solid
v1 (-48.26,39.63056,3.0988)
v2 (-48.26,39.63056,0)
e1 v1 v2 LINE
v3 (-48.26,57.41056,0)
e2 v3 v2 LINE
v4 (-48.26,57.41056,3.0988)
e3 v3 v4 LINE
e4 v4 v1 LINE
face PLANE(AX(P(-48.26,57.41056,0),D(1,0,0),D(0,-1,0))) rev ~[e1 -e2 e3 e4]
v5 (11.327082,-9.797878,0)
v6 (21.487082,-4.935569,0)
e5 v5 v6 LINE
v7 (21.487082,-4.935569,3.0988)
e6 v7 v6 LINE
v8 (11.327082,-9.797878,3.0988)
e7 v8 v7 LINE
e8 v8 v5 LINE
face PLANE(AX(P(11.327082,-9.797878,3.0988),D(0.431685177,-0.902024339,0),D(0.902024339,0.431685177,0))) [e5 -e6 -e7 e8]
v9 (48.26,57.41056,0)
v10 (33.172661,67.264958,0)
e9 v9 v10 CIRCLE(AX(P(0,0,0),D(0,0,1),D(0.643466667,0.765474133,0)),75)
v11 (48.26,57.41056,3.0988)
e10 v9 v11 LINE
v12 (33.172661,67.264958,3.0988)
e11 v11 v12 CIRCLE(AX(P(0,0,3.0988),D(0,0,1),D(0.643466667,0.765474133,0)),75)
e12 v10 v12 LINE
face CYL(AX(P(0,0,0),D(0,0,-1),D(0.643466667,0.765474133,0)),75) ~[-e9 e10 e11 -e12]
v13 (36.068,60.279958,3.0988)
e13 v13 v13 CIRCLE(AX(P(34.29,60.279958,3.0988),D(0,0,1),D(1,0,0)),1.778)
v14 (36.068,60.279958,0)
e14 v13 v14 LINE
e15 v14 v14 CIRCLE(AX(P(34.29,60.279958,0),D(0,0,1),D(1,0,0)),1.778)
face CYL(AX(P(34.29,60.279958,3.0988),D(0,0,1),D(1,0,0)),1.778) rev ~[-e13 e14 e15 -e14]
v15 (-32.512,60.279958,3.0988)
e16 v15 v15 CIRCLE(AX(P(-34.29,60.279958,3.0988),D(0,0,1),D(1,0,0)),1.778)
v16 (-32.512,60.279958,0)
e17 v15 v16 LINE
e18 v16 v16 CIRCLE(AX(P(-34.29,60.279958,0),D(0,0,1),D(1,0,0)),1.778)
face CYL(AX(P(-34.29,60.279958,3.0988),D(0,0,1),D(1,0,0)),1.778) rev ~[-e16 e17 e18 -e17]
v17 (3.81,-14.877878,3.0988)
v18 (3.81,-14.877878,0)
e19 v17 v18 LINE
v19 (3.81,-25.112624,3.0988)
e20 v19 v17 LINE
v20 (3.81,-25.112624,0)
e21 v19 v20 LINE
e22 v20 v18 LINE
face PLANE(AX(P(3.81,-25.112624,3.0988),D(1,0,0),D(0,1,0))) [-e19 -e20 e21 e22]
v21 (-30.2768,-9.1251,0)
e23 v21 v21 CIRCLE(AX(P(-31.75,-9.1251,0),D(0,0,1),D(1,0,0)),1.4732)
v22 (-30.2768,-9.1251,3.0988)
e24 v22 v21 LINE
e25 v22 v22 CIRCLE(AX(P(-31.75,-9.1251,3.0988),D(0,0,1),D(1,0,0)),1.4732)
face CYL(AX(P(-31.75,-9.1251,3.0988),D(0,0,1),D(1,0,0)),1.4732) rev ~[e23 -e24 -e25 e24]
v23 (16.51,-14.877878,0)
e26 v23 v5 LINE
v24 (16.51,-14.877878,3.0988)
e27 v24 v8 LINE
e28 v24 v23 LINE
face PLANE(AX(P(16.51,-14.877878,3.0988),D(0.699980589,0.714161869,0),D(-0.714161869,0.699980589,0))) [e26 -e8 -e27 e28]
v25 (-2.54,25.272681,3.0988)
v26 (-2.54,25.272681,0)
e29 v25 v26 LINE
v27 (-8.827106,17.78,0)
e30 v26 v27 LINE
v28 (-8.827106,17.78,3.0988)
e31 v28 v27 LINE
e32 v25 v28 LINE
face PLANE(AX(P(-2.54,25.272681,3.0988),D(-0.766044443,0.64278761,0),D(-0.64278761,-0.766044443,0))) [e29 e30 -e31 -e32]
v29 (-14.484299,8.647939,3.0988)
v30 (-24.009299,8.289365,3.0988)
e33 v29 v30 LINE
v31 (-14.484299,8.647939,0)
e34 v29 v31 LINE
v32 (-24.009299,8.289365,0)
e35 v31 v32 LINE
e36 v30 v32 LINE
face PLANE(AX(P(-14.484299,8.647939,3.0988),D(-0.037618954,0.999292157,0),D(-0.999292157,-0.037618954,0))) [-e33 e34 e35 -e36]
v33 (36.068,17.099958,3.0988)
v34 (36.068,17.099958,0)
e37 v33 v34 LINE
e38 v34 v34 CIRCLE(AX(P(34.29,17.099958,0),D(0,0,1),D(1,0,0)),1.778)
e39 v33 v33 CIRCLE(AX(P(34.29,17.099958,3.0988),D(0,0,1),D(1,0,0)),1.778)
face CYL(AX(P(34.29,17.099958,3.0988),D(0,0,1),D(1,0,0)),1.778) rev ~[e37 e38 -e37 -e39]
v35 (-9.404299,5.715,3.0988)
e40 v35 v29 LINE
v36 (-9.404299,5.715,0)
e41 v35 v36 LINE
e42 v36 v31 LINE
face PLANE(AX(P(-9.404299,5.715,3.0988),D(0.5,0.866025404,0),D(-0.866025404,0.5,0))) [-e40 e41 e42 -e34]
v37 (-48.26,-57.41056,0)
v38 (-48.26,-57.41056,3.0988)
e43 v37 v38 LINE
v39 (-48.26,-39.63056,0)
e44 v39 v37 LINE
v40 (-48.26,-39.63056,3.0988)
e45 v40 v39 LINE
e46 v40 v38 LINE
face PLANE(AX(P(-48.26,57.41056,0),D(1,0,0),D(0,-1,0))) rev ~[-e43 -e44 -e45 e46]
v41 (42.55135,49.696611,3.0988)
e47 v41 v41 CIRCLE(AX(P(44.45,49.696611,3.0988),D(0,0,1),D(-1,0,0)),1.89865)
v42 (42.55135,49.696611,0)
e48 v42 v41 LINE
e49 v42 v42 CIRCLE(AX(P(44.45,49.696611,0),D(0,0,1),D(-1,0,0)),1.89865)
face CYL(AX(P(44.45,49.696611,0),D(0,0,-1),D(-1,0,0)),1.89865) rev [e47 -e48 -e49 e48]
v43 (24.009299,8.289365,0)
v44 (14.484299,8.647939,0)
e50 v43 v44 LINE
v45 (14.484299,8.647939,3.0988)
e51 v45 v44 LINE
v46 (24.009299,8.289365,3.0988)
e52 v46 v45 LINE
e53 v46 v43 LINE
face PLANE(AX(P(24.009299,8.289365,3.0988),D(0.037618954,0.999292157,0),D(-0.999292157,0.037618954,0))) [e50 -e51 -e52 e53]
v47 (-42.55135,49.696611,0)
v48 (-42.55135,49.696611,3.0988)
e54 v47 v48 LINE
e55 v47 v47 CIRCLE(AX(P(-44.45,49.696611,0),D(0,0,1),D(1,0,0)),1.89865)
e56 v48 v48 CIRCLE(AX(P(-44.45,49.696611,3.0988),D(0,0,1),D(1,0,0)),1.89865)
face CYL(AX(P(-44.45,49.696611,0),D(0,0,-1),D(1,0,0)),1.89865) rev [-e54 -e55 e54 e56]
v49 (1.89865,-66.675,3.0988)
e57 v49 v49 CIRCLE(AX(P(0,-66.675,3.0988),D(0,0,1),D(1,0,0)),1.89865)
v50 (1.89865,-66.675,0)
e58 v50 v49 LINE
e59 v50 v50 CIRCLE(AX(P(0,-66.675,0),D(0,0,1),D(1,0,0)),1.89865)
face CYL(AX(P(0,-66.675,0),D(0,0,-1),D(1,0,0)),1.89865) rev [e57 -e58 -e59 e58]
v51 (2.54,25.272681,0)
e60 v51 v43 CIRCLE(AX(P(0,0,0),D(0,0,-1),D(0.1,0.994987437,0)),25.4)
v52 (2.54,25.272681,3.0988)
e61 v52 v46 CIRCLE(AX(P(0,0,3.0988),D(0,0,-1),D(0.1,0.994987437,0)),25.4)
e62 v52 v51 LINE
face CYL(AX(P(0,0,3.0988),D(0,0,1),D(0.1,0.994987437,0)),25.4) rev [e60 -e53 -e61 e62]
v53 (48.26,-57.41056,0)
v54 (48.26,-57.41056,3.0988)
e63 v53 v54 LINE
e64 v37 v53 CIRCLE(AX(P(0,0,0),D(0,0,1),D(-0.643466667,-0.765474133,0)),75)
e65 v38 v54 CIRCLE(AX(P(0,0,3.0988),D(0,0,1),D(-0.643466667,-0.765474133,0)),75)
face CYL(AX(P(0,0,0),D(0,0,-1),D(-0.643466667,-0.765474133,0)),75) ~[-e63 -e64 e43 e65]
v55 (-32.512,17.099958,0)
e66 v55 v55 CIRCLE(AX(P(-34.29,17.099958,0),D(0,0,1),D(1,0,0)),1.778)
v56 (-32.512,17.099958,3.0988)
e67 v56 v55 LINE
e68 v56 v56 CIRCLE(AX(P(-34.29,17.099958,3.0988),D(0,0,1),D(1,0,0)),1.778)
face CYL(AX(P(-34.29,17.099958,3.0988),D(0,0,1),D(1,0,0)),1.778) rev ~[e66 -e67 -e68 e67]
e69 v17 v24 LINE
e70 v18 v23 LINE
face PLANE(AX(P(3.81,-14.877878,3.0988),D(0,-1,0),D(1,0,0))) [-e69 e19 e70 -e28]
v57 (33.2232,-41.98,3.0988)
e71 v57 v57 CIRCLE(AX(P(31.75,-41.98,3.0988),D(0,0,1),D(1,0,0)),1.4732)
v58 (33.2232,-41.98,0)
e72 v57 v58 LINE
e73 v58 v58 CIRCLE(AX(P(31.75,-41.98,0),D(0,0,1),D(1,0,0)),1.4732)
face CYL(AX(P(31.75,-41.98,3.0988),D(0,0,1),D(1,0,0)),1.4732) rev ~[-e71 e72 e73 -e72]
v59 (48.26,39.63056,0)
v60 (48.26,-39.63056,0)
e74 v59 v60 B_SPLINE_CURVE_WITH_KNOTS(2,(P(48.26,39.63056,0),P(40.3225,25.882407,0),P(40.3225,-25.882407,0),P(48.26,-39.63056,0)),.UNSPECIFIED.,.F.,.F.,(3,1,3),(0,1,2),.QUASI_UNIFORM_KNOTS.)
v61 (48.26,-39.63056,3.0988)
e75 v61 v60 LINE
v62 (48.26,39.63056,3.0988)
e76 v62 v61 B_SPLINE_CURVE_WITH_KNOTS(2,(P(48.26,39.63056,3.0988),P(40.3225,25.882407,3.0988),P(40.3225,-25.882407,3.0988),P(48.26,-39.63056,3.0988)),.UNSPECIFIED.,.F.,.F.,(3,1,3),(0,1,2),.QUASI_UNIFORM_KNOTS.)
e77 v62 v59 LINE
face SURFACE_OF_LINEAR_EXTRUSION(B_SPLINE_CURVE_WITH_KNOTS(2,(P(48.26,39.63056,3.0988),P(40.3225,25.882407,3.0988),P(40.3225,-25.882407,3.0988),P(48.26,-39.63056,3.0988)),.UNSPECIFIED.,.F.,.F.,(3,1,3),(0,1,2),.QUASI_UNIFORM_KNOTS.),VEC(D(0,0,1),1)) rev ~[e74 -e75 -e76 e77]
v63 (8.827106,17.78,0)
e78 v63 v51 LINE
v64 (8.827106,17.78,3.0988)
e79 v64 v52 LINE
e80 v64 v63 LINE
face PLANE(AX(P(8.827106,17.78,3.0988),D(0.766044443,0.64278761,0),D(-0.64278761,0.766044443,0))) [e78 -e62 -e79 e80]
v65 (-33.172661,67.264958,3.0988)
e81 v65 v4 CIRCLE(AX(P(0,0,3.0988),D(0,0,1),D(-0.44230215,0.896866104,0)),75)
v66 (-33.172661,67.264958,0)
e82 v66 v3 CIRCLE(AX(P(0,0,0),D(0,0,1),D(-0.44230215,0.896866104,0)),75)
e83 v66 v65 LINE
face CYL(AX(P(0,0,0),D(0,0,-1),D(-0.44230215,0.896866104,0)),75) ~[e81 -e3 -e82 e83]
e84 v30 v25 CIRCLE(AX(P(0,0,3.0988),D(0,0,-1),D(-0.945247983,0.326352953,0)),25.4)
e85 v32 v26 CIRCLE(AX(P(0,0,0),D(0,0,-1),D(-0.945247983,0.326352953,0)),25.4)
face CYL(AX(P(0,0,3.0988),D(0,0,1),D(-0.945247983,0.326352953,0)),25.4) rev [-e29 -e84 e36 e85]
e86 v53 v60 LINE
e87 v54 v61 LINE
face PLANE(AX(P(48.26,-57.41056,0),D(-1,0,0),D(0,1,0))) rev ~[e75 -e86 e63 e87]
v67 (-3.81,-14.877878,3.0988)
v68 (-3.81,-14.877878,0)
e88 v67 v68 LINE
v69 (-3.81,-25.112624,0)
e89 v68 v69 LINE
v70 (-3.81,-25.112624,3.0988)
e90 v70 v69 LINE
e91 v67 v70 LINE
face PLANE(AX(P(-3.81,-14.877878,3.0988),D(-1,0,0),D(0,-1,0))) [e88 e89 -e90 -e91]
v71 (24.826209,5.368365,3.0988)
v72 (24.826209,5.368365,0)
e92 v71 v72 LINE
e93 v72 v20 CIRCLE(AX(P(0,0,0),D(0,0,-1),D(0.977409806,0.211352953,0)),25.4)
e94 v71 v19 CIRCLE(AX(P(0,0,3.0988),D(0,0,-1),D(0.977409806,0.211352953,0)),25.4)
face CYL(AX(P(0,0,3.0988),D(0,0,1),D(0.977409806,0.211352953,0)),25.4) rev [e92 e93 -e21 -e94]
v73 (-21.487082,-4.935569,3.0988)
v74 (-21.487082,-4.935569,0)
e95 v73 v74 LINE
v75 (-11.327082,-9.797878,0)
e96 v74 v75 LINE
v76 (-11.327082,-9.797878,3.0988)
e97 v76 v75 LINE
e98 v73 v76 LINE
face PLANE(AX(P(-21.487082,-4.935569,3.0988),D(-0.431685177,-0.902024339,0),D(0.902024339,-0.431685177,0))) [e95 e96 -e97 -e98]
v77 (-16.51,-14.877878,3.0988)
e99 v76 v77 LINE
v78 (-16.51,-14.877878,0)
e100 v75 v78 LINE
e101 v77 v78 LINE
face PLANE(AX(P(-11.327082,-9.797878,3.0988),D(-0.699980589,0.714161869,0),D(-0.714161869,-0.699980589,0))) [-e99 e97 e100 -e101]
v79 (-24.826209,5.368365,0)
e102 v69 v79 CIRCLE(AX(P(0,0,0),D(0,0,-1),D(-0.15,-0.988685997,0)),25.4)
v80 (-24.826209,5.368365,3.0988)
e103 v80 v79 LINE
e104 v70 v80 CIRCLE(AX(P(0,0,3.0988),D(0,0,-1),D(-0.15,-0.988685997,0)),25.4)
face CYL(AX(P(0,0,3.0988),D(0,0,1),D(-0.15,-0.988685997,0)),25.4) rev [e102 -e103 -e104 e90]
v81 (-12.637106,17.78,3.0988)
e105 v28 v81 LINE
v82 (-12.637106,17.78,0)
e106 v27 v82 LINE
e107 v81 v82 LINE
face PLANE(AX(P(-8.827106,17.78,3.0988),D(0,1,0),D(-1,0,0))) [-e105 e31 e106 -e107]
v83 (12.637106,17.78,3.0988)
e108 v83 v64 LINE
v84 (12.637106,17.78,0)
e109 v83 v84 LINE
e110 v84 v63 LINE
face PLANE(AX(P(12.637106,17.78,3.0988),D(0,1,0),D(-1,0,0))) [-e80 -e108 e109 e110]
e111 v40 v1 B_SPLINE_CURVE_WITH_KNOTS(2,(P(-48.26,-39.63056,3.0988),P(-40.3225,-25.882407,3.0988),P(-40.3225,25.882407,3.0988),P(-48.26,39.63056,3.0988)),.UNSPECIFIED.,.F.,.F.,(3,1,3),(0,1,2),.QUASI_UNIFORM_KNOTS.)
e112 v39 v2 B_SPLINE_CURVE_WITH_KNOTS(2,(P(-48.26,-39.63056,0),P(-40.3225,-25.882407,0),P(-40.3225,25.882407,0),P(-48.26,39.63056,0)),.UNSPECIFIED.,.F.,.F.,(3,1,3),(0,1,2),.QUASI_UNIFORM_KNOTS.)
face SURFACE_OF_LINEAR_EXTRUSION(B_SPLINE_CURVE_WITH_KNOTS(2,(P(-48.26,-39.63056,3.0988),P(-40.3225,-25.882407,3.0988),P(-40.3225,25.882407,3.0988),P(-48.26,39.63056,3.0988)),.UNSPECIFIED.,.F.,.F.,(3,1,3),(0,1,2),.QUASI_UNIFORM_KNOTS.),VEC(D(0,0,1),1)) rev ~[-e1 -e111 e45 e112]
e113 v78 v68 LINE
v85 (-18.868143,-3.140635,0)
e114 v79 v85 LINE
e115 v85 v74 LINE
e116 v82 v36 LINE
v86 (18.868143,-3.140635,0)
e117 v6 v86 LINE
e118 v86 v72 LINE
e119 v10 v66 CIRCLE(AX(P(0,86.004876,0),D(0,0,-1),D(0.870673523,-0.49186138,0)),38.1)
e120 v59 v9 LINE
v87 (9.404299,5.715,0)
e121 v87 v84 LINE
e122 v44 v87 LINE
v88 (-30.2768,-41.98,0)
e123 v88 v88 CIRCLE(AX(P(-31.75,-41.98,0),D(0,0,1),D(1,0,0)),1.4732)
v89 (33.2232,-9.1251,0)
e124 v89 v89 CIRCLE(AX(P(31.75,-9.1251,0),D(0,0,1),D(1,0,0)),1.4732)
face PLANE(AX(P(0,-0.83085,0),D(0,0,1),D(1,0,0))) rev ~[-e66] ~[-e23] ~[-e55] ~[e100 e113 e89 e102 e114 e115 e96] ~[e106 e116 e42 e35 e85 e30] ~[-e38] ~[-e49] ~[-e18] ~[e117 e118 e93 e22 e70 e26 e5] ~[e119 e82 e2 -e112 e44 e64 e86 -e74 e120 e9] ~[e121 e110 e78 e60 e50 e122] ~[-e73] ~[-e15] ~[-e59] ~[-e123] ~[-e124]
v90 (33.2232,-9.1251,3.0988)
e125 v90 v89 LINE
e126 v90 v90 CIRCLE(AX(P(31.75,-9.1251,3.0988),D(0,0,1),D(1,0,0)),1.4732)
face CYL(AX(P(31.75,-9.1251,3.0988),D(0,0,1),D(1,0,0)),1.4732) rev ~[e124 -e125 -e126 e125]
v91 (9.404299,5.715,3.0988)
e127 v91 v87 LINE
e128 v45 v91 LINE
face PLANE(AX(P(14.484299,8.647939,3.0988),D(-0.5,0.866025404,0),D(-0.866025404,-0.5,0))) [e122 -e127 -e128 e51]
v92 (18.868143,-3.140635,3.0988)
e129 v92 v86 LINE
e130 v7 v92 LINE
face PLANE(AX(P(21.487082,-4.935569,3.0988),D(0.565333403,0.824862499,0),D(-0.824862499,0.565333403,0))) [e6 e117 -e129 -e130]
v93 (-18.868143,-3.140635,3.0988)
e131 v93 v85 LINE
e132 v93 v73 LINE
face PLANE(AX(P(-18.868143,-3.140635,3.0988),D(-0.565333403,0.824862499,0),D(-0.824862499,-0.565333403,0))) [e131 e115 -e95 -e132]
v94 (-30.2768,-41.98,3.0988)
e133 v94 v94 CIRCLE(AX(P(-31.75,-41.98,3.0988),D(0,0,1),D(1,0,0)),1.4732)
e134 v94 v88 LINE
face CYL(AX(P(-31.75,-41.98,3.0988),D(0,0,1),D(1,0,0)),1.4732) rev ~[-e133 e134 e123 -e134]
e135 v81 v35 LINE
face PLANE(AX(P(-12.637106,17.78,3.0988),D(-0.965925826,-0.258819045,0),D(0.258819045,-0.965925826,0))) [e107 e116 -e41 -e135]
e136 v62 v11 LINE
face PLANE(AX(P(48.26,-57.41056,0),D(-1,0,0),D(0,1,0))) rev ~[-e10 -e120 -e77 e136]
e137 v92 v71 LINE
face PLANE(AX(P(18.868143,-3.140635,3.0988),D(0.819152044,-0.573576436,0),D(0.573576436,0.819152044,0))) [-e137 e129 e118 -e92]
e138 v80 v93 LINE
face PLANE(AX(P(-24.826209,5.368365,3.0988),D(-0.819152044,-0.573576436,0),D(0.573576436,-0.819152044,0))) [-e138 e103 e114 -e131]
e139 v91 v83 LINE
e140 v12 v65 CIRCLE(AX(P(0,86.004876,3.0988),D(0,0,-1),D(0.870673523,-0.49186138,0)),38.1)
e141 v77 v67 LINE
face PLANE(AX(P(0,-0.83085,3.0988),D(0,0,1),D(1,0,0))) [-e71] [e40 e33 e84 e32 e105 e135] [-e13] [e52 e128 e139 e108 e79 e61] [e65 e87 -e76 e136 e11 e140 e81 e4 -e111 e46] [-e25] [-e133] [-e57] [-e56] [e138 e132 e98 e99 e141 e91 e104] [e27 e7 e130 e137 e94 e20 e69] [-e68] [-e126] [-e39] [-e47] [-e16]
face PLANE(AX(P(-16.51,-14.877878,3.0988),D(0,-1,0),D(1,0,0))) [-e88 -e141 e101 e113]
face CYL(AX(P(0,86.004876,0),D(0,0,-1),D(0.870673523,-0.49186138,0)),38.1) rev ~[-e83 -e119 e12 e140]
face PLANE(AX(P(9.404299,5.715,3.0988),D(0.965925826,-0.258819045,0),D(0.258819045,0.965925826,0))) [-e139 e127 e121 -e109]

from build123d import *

# Parameters (mm, degrees)
SKETCH1_R           = 1.89865
BOSS_EXTRUDE3_DEPTH = 3.0988
SKETCH2_R           = 1.4732
CUT_EXTRUDE1_DEPTH  = 3.0988
CUT_EXTRUDE2_DEPTH  = 3.0988
SKETCH4_R           = 1.778
CUT_EXTRUDE3_DEPTH  = 3.0988
CUT_EXTRUDE4_DEPTH  = 3.0988


with BuildPart() as part:
    # Sketch1 → Boss-Extrude3 (new body)
    with BuildSketch(Plane.XY):
        with BuildLine():
            Line((-48.26, 57.410560004), (-48.26, -57.410560004))
            ThreePointArc((-48.26, -57.410560004), (0, -75), (48.26, -57.410560004))
            Line((48.26, -57.410560004), (48.26, 57.410560004))
            ThreePointArc((48.26, 57.410560004), (41.013374249, 62.792540423), (33.172661219, 67.264957799))
            ThreePointArc((33.172661219, 67.264957799), (0, 47.904876359), (-33.172661219, 67.264957799))
            ThreePointArc((-33.172661219, 67.264957799), (-41.013374249, 62.792540423), (-48.26, 57.410560004))
        make_face()
        with Locations((0, -66.675)):
            Circle(SKETCH1_R, mode=Mode.SUBTRACT)
        with Locations((-44.45, 49.6966108)):
            Circle(SKETCH1_R, mode=Mode.SUBTRACT)
        with Locations(Location((44.45, 49.6966108, 0), (0, 0, 180))):
            Circle(SKETCH1_R, mode=Mode.SUBTRACT)
    extrude(amount=BOSS_EXTRUDE3_DEPTH)

    # Sketch2 → Cut-Extrude1 (cut)
    with BuildSketch(Plane.XY.offset(3.0988)):
        with Locations((-31.75, -41.98)):
            Circle(SKETCH2_R)
        with Locations((31.75, -41.98)):
            Circle(SKETCH2_R)
        with Locations((-31.75, -9.1251)):
            Circle(SKETCH2_R)
        with Locations((31.75, -9.1251)):
            Circle(SKETCH2_R)
    extrude(amount=-CUT_EXTRUDE1_DEPTH, mode=Mode.SUBTRACT)

    # Sketch3 → Cut-Extrude2 (cut)
    with BuildSketch(Plane.XY.offset(3.0988)):
        with BuildLine():
            Line((8.827105782, 17.78), (2.54, 25.272680903))
            ThreePointArc((2.54, 25.272680903), (15.758317518, 19.920728626), (24.009298775, 8.289365013))
            Line((24.009298775, 8.289365013), (14.484298775, 8.647939367))
            Line((14.484298775, 8.647939367), (9.404298775, 5.715))
            Line((9.404298775, 5.715), (12.637105782, 17.78))
            Line((12.637105782, 17.78), (8.827105782, 17.78))
        make_face()
        with BuildLine():
            Line((18.868143133, -3.140634987), (24.826209076, 5.368365013))
            ThreePointArc((24.826209076, 5.368365013), (20.911260009, -14.418016674), (3.81, -25.112624315))
            Line((3.81, -25.112624315), (3.81, -14.877877919))
            Line((3.81, -14.877877919), (16.51, -14.877877919))
            Line((16.51, -14.877877919), (11.327081569, -9.797877919))
            Line((11.327081569, -9.797877919), (21.487081569, -4.935568543))
            Line((21.487081569, -4.935568543), (18.868143133, -3.140634987))
        make_face()
        with BuildLine():
            Line((-3.81, -14.877877919), (-3.81, -25.112624315))
            ThreePointArc((-3.81, -25.112624315), (-20.911260009, -14.418016674), (-24.826209076, 5.368365013))
            Line((-24.826209076, 5.368365013), (-18.868143133, -3.140634987))
            Line((-18.868143133, -3.140634987), (-21.487081569, -4.935568543))
            Line((-21.487081569, -4.935568543), (-11.327081569, -9.797877919))
            Line((-11.327081569, -9.797877919), (-16.51, -14.877877919))
            Line((-16.51, -14.877877919), (-3.81, -14.877877919))
        make_face()
        with BuildLine():
            Line((-14.484298775, 8.647939367), (-24.009298775, 8.289365013))
            ThreePointArc((-24.009298775, 8.289365013), (-15.758317518, 19.920728626), (-2.54, 25.272680903))
            Line((-2.54, 25.272680903), (-8.827105782, 17.78))
            Line((-8.827105782, 17.78), (-12.637105782, 17.78))
            Line((-12.637105782, 17.78), (-9.404298775, 5.715))
            Line((-9.404298775, 5.715), (-14.484298775, 8.647939367))
        make_face()
    extrude(amount=-CUT_EXTRUDE2_DEPTH, mode=Mode.SUBTRACT)

    # Sketch4 → Cut-Extrude3 (cut)
    with BuildSketch(Plane.XY.offset(3.0988)):
        with Locations((-34.29, 60.279957799)):
            Circle(SKETCH4_R)
        with Locations((34.29, 60.279957799)):
            Circle(SKETCH4_R)
        with Locations((34.29, 17.099957799)):
            Circle(SKETCH4_R)
        with Locations((-34.29, 17.099957799)):
            Circle(SKETCH4_R)
    extrude(amount=-CUT_EXTRUDE3_DEPTH, mode=Mode.SUBTRACT)

    # Sketch5 → Cut-Extrude4 (cut)
    with BuildSketch(Plane.XY.offset(3.0988)):
        with BuildLine():
            Line((48.26, 39.630560004), (48.26, -39.630560004))
            add(Edge.make_bspline(
                [(48.26, -39.630560004), (40.3225, -25.882406719), (40.3225, 0)],
                knots=[0, 0, 0, 1, 1, 1], degree=2))
            add(Edge.make_bspline(
                [(48.26, 39.630560004), (40.3225, 25.882406719), (40.3225, 0)],
                knots=[0, 0, 0, 1, 1, 1], degree=2))
        make_face()
        with BuildLine():
            Line((-48.26, 39.630560004), (-48.26, -39.630560004))
            add(Edge.make_bspline(
                [(-48.26, -39.630560004), (-40.3225, -25.882406719), (-40.3225, 0)],
                knots=[0, 0, 0, 1, 1, 1], degree=2))
            add(Edge.make_bspline(
                [(-48.26, 39.630560004), (-40.3225, 25.882406719), (-40.3225, 0)],
                knots=[0, 0, 0, 1, 1, 1], degree=2))
        make_face()
    extrude(amount=-CUT_EXTRUDE4_DEPTH, mode=Mode.SUBTRACT)


solid = part.part
